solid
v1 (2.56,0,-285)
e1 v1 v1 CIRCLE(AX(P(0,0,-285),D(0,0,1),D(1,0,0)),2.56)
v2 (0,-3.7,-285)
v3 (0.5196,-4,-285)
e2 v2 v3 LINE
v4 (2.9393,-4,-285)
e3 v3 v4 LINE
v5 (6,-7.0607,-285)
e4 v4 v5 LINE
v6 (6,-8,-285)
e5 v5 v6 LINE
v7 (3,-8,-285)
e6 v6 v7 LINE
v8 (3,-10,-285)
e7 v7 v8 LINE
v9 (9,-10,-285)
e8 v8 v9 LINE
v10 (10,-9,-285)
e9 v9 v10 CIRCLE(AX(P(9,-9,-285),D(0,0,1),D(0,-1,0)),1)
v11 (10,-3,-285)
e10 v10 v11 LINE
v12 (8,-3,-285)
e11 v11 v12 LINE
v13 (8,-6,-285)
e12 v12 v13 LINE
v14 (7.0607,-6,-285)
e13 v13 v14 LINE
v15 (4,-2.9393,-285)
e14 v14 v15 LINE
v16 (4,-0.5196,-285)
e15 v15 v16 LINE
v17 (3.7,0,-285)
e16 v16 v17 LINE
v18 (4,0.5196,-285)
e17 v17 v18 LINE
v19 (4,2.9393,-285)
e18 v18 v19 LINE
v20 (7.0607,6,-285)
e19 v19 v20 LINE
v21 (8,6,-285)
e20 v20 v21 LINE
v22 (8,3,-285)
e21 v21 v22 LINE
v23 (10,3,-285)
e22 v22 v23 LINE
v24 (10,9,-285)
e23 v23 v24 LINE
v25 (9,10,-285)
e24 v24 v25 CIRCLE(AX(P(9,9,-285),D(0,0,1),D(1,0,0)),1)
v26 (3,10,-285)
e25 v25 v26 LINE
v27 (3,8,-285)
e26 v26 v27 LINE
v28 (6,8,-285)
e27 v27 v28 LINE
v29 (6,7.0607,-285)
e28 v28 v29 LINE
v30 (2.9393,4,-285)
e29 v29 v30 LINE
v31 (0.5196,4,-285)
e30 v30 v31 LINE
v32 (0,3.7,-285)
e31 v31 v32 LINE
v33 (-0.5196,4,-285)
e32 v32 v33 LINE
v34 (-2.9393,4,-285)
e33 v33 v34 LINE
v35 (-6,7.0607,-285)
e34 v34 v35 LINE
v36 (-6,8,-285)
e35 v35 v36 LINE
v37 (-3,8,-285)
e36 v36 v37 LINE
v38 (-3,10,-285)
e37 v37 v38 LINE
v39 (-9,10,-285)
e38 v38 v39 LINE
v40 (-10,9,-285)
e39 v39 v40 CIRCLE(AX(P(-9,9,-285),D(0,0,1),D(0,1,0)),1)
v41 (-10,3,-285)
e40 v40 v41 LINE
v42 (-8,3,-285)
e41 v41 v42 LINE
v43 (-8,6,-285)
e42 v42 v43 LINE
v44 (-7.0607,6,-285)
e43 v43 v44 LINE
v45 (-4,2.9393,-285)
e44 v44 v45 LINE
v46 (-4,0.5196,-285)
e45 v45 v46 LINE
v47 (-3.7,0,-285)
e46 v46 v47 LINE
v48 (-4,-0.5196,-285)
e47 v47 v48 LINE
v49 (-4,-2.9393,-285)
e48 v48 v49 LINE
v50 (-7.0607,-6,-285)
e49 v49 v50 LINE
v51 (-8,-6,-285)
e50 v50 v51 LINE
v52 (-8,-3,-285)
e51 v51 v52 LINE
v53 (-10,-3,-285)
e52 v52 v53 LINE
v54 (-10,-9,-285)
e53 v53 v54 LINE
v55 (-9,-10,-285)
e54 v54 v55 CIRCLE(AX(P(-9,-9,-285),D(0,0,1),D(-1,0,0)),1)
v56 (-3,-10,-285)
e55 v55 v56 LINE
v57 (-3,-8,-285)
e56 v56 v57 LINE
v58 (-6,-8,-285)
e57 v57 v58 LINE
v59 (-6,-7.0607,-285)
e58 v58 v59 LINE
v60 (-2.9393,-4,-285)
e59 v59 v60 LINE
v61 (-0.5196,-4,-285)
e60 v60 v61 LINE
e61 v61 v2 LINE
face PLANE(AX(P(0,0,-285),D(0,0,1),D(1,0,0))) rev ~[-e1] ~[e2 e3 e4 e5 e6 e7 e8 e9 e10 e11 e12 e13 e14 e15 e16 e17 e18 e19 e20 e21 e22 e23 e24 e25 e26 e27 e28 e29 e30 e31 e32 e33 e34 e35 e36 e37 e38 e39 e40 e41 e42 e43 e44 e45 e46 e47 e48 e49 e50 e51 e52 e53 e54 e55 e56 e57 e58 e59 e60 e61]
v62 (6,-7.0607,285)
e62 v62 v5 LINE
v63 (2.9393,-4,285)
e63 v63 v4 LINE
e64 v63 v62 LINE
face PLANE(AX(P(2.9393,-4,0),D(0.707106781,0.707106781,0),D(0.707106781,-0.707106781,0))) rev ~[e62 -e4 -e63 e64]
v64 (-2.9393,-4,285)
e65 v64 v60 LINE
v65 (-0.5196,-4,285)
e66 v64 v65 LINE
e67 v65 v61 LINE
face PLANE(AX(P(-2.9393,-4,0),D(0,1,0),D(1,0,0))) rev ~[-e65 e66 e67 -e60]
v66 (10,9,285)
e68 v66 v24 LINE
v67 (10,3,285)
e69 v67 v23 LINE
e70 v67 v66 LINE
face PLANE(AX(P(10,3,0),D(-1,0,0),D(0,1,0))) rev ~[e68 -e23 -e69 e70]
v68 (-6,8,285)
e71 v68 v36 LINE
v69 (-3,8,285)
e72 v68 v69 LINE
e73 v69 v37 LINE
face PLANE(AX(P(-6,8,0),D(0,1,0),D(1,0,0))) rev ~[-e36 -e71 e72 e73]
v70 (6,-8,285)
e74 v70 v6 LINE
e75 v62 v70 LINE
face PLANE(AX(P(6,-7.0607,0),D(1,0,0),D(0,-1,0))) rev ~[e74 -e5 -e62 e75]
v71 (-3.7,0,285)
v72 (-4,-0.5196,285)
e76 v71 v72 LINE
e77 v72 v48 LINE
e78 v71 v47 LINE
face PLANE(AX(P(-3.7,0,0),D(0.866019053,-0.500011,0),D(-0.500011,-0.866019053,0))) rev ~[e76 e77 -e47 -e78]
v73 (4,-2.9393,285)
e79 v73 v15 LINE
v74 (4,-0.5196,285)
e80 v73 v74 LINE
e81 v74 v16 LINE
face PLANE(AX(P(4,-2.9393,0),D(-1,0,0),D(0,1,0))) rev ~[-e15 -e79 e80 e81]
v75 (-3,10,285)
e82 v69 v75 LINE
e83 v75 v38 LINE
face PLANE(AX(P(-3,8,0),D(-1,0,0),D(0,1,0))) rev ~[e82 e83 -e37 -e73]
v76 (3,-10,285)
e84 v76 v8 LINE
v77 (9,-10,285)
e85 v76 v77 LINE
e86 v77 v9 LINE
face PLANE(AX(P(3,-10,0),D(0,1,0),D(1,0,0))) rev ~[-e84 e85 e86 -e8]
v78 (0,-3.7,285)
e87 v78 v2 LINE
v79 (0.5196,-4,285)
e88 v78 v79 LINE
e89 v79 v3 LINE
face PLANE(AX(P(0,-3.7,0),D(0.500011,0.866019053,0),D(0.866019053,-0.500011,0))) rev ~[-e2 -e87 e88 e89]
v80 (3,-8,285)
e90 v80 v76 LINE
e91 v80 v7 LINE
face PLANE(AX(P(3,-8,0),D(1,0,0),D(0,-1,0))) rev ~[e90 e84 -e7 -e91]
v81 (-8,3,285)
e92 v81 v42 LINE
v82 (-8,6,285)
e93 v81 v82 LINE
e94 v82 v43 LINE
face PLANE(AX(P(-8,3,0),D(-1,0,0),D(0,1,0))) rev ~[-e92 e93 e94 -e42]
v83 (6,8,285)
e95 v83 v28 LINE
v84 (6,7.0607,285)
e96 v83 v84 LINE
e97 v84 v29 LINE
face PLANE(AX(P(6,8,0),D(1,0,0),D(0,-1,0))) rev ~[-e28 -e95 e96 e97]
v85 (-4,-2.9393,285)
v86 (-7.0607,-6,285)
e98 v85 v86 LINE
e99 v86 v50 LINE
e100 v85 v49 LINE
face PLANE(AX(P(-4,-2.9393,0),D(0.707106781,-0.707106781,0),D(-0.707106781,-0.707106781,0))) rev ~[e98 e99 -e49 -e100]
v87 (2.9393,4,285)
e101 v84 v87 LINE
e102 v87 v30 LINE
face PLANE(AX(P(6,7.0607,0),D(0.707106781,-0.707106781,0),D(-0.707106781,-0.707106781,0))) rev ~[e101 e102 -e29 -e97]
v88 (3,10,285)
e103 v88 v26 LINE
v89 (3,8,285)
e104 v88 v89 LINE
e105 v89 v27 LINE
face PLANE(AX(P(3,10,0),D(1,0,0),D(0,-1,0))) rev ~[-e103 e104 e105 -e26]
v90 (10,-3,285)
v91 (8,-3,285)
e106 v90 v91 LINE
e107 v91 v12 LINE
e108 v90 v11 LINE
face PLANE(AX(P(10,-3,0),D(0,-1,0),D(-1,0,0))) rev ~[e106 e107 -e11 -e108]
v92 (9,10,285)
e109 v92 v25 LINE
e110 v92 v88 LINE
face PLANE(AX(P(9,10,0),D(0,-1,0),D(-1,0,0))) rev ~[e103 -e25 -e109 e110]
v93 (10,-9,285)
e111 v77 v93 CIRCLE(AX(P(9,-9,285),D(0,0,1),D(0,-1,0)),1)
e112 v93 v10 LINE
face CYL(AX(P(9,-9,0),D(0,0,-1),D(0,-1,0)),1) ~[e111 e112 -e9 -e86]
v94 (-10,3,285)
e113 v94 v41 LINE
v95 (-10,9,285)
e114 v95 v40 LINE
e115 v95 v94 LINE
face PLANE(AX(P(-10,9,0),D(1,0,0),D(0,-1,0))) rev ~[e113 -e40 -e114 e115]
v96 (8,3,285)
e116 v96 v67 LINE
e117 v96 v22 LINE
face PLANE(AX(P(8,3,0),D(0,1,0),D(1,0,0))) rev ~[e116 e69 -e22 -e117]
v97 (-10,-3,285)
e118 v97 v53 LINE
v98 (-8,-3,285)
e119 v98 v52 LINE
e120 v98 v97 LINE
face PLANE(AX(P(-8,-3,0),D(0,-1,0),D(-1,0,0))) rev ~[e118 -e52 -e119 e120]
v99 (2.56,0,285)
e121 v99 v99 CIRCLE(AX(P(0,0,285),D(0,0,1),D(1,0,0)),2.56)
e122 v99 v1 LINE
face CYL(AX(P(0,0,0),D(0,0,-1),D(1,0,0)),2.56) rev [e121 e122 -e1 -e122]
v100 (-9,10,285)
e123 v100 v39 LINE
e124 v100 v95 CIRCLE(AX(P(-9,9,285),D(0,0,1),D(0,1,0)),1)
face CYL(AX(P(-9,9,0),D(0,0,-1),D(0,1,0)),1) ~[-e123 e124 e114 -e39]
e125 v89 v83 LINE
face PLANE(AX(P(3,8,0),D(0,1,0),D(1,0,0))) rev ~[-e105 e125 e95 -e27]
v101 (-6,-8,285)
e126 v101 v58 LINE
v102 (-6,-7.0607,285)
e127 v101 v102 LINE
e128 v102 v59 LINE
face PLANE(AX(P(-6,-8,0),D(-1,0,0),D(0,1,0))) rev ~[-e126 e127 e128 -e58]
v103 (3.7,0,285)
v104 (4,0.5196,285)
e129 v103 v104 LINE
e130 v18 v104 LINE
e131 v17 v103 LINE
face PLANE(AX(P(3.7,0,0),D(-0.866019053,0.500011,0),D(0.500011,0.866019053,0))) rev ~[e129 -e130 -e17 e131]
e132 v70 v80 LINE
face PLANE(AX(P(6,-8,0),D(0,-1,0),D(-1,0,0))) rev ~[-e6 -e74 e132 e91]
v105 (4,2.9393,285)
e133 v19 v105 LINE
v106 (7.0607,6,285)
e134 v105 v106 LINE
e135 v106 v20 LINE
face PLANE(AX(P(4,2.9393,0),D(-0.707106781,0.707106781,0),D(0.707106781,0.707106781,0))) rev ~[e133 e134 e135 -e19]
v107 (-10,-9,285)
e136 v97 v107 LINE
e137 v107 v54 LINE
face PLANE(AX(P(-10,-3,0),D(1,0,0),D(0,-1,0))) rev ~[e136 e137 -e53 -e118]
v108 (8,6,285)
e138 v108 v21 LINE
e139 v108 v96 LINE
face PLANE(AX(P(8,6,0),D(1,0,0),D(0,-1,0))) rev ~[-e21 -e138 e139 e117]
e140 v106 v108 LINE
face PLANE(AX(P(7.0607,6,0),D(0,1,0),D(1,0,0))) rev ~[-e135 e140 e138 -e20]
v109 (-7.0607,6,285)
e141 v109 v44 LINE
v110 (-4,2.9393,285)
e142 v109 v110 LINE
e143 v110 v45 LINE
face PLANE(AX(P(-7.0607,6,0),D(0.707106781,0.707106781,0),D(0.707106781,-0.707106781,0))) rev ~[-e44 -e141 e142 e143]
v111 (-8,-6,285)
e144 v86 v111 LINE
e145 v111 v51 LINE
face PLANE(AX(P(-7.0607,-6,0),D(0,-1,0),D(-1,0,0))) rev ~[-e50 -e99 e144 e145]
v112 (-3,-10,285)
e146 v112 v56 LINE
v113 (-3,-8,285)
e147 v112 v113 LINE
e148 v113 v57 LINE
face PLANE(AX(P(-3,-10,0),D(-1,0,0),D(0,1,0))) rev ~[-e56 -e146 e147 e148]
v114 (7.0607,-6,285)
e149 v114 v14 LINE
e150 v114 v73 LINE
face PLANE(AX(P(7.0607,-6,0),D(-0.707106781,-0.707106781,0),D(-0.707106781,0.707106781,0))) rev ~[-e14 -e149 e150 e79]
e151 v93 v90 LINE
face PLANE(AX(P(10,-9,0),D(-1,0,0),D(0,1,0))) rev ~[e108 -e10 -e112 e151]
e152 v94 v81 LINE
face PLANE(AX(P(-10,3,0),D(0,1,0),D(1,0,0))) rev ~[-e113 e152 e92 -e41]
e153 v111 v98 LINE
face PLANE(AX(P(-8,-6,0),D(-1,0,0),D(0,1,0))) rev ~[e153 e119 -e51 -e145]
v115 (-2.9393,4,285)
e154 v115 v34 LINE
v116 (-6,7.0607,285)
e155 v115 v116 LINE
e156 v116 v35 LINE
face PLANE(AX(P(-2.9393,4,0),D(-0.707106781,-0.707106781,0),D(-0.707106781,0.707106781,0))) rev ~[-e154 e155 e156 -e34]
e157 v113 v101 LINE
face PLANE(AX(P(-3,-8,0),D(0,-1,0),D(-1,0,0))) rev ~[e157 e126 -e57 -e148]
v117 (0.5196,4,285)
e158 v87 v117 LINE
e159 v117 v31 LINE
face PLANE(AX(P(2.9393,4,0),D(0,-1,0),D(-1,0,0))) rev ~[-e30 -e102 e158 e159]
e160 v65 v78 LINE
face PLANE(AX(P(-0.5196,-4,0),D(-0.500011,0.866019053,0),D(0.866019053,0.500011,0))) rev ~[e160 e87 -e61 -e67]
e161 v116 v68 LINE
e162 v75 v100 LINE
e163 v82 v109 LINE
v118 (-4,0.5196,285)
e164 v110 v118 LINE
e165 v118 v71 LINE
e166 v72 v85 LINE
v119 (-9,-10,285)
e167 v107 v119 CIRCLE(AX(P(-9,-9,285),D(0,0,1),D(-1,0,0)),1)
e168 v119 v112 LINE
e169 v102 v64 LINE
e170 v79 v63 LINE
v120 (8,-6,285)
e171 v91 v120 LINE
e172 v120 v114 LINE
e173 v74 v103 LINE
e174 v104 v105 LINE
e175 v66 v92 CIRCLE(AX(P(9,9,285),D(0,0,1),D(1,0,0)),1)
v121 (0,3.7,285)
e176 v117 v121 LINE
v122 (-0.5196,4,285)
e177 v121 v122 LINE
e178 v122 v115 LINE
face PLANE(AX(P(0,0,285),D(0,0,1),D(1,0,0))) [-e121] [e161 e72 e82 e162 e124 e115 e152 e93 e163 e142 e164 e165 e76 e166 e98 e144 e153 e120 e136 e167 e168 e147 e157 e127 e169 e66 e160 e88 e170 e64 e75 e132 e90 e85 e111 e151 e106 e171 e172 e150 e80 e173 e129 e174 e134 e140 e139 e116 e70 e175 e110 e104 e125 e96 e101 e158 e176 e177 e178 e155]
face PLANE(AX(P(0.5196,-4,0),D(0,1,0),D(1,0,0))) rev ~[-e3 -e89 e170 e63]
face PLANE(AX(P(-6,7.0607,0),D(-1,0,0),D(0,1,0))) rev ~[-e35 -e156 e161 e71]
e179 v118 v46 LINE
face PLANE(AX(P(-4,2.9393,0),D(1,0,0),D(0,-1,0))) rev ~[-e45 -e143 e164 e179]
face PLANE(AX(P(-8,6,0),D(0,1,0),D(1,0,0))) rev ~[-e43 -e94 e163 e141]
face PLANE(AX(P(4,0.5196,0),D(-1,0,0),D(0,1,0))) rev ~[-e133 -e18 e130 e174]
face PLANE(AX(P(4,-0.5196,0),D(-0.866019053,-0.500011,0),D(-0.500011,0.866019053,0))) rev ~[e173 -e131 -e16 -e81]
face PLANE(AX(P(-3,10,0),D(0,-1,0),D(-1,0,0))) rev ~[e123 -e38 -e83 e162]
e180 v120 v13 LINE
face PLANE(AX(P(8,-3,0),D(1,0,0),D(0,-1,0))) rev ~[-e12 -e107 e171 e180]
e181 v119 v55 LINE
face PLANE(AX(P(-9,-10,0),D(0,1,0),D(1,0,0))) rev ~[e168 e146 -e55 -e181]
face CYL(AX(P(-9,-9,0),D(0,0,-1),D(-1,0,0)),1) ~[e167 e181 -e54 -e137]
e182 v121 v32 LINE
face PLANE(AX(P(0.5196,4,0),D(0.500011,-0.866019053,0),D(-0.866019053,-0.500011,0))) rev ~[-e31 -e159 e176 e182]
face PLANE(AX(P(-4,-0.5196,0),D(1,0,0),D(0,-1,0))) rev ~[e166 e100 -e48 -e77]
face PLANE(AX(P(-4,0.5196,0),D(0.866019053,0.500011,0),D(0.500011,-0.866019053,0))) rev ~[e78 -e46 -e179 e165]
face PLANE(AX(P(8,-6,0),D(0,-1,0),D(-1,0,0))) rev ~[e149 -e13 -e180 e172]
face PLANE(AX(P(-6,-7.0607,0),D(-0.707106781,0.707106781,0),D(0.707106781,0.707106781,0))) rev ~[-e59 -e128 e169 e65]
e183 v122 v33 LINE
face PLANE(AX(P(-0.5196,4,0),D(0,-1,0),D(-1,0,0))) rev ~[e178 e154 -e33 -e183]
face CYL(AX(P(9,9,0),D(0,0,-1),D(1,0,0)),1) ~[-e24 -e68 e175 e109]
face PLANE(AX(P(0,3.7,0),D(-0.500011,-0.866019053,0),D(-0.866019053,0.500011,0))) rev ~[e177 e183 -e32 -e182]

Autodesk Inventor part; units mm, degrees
ref_plane "YZ Plane" through (0, 0, 0) normal (1, 0, 0) x (0, 1, 0)
ref_plane "XZ Plane" through (0, 0, 0) normal (0, 1, 0) x (-1, 0, 0)
ref_plane "XY Plane" through (0, 0, 0) normal (0, 0, 1) x (1, 0, 0)
sketch "Skizze1" plane through (0, 0, 0) normal (0, 0, 1) x (1, 0, 0)
  line L0 (3.7, 0) -> (4, 0.5196)
  line L1 (4, 0.5196) -> (4, 2.9393)
  line L2 (4, 2.9393) -> (7.0607, 6)
  line L3 (7.0607, 6) -> (8, 6)
  line L4 (8, 6) -> (8, 3)
  line L5 (8, 3) -> (10, 3)
  line L6 (10, 3) -> (10, 9)
  arc A0 (10, 9) -> (9, 10) centre (9, 9) ccw
  line L7 (9, 10) -> (3, 10)
  line L8 (3, 10) -> (3, 8)
  line L9 (3, 8) -> (6, 8)
  line L10 (6, 8) -> (6, 7.0607)
  line L11 (6, 7.0607) -> (2.9393, 4)
  line L12 (2.9393, 4) -> (0.5196, 4)
  line L13 (0.5196, 4) -> (0, 3.7)
  circle A1 centre (0, 0) radius 2.56
  line L14 (0, 0) -> (9.7071, 9.7071) construction
  line L15 (-14.2899, 0) -> (14.2899, 0) construction
  line L16 (0, -14.2899) -> (0, 14.2899) construction
  line L17 (0, 3.7) -> (-0.5196, 4)
  line L18 (-0.5196, 4) -> (-2.9393, 4)
  line L19 (-3, 8) -> (-3, 10)
  line L20 (-4, 0.5196) -> (-3.7, 0)
  line L21 (-4, 2.9393) -> (-4, 0.5196)
  line L22 (-6, 7.0607) -> (-6, 8)
  line L23 (-6, 8) -> (-3, 8)
  line L24 (-7.0607, 6) -> (-4, 2.9393)
  line L25 (0, 0) -> (-9.7071, 9.7071) construction
  line L26 (-8, 6) -> (-7.0607, 6)
  line L27 (-2.9393, 4) -> (-6, 7.0607)
  line L28 (-8, 3) -> (-8, 6)
  line L29 (-10, 3) -> (-8, 3)
  arc A2 (-9, 10) -> (-10, 9) centre (-9, 9) ccw
  line L30 (-10, 9) -> (-10, 3)
  line L31 (-3, 10) -> (-9, 10)
  line L32 (-3.7, 0) -> (-4, -0.5196)
  line L33 (-4, -0.5196) -> (-4, -2.9393)
  line L34 (-8, -3) -> (-10, -3)
  line L35 (-0.5196, -4) -> (0, -3.7)
  line L36 (-2.9393, -4) -> (-0.5196, -4)
  line L37 (-7.0607, -6) -> (-8, -6)
  line L38 (-8, -6) -> (-8, -3)
  line L39 (-6, -7.0607) -> (-2.9393, -4)
  line L40 (0, 0) -> (-9.7071, -9.7071) construction
  line L41 (-6, -8) -> (-6, -7.0607)
  line L42 (-4, -2.9393) -> (-7.0607, -6)
  line L43 (-3, -8) -> (-6, -8)
  line L44 (-3, -10) -> (-3, -8)
  arc A3 (-10, -9) -> (-9, -10) centre (-9, -9) ccw
  line L45 (-9, -10) -> (-3, -10)
  line L46 (-10, -3) -> (-10, -9)
  line L47 (0, -3.7) -> (0.5196, -4)
  line L48 (0.5196, -4) -> (2.9393, -4)
  line L49 (3, -8) -> (3, -10)
  line L50 (4, -0.5196) -> (3.7, 0)
  line L51 (4, -2.9393) -> (4, -0.5196)
  line L52 (6, -7.0607) -> (6, -8)
  line L53 (6, -8) -> (3, -8)
  line L54 (7.0607, -6) -> (4, -2.9393)
  line L55 (0, 0) -> (9.7071, -9.7071) construction
  line L56 (8, -6) -> (7.0607, -6)
  line L57 (2.9393, -4) -> (6, -7.0607)
  line L58 (8, -3) -> (8, -6)
  line L59 (10, -3) -> (8, -3)
  arc A4 (9, -10) -> (10, -9) centre (9, -9) ccw
  line L60 (10, -9) -> (10, -3)
  line L61 (3, -10) -> (9, -10)
  point P0 (-3.7, 0)
  point P1 (0, -3.7)
  dimension "d14" = 1.5
  dimension "d15" = 3
  dimension "d16" = 4
  dimension "d17" = 0.3
  dimension "d18" = 2
  dimension "d19" = 6
  dimension "d20" = 10
  dimension "d21" = 10
  dimension "d22" = 2
  dimension "d23" = 3
  dimension "d24" = 6
  dimension "d25" = 1
  dimension "d26" = 4
  dimension "d27" = 0.3
  dimension "d28" = 0.5196
  dimension "d29" = 0.5196
  dimension "d30" = 5.12
  dimension "d33" = 360
extrude "Extrusion1" add sketch "Skizze1" along normal mid plane 570
properties part number "Extrusion_20x20x570" material "Aluminium 6061"
